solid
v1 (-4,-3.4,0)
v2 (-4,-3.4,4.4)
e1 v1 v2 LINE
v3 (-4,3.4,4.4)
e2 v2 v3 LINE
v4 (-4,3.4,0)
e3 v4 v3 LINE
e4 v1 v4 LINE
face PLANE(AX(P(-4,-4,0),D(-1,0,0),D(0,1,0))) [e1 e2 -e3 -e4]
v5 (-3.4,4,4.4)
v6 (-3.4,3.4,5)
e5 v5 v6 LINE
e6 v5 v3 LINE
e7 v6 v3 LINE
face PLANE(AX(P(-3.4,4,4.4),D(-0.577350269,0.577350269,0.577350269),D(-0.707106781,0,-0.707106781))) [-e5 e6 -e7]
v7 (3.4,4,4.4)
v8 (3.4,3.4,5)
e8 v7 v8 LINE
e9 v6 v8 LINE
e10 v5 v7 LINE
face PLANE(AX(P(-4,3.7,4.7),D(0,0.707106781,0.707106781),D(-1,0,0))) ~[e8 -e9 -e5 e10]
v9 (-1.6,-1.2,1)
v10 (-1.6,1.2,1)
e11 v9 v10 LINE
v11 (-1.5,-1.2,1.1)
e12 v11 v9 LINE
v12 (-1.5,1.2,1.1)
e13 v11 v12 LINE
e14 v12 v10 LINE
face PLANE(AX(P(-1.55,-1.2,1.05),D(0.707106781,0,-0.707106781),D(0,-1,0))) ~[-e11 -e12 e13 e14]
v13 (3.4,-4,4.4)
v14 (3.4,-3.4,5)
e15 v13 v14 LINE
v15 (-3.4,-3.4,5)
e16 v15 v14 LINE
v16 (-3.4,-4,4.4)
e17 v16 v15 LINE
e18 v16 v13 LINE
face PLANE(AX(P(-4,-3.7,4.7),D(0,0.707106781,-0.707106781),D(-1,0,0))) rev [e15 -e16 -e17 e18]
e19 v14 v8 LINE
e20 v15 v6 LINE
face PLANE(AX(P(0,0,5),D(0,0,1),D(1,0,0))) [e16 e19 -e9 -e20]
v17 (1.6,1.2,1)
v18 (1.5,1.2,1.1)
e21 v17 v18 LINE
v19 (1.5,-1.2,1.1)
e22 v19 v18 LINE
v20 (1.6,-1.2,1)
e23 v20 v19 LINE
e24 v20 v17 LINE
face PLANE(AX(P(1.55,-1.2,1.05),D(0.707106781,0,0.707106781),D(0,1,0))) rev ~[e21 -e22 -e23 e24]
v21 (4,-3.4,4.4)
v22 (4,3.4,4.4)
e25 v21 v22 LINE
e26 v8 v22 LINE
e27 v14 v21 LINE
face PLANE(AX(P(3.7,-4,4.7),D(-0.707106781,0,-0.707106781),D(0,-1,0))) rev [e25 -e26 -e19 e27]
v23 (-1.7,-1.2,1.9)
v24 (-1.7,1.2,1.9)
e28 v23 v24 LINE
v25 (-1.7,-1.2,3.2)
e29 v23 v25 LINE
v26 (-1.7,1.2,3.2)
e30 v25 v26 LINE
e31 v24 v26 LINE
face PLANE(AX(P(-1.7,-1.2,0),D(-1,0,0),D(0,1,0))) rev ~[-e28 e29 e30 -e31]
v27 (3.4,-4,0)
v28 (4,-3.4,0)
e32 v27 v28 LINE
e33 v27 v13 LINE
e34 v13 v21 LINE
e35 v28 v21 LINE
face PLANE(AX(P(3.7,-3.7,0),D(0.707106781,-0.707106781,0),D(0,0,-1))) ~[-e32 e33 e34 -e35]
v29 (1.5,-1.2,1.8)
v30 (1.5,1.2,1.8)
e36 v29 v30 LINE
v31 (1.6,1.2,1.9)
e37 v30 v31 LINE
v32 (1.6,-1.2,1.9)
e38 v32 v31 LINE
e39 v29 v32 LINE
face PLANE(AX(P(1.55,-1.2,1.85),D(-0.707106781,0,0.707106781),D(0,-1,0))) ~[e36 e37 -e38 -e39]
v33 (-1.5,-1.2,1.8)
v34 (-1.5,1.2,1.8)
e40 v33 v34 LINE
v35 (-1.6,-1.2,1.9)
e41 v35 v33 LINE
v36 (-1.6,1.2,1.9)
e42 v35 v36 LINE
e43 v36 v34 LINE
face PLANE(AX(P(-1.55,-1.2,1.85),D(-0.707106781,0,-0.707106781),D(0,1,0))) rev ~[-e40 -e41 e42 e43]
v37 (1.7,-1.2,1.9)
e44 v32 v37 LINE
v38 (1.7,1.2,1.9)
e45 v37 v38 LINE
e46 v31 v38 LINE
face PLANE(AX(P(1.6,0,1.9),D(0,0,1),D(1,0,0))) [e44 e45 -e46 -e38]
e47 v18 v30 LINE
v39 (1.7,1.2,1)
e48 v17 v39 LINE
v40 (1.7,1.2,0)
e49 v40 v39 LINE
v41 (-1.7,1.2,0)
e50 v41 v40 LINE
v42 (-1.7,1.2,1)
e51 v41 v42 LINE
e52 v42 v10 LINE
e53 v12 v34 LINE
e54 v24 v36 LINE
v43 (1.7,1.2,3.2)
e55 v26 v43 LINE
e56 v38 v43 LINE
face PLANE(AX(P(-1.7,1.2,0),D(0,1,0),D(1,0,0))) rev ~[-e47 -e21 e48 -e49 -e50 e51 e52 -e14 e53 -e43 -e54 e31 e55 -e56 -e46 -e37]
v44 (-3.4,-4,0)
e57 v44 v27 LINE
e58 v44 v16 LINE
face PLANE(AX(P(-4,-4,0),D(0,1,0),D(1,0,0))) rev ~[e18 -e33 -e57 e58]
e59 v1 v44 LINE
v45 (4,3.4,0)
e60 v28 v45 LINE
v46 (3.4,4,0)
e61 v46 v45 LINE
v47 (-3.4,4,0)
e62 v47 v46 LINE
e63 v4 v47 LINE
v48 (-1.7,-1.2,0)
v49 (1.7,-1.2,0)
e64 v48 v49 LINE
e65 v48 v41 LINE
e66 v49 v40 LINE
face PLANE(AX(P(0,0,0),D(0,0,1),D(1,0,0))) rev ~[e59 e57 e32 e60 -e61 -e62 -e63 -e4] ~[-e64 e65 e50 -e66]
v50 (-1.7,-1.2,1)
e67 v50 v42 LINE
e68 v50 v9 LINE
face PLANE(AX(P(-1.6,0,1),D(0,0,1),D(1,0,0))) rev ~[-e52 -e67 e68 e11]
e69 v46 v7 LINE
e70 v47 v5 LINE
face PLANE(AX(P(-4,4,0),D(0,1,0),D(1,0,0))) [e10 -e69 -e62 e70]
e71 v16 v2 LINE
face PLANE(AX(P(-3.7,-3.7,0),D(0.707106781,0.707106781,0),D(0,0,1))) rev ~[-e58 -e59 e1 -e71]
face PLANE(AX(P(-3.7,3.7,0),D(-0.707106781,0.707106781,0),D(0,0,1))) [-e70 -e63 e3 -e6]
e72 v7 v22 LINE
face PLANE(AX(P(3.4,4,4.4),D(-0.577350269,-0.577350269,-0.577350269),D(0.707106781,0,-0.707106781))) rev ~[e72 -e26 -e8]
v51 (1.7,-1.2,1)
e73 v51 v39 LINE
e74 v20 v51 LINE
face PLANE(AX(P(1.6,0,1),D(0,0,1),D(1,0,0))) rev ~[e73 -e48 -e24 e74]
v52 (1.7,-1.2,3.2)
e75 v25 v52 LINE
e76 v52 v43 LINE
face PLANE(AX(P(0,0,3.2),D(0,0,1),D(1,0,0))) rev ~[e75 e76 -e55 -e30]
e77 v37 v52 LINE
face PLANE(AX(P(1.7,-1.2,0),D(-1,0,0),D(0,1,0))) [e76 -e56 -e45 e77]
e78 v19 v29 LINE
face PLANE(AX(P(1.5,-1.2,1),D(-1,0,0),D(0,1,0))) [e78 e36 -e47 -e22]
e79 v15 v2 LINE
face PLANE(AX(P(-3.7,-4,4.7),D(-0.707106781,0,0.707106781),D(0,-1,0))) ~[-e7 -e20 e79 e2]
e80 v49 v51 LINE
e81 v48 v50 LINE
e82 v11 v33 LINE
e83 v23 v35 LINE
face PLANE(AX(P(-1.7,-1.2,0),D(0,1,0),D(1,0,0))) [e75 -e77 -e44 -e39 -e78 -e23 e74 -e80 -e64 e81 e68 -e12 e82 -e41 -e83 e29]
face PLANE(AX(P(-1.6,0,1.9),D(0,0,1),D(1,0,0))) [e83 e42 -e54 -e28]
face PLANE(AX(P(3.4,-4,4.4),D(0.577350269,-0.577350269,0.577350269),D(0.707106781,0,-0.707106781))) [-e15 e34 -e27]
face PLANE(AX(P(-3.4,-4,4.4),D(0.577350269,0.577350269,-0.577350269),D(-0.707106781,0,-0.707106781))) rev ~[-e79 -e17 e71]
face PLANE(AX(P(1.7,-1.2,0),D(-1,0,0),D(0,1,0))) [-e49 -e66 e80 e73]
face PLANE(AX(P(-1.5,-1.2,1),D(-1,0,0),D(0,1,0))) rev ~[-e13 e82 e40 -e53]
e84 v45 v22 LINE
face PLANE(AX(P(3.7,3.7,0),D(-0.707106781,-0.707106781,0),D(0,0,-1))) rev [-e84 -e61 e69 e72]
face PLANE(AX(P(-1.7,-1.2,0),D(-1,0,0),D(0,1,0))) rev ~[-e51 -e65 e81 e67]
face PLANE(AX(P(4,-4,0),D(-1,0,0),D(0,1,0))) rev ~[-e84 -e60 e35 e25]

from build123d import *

# Parameters (mm, degrees)
F0_W     = 8
F0_H     = 8
F1_DEPTH = 5
F2_W     = 3.4
F2_H     = 2.4
F3_DEPTH = 3.2
F5_W     = 0.2
F5_H     = 2.4
F6_DEPTH = 0.9
F7_SIZE  = 0.1
F8_SIZE  = 0.6


with BuildPart() as f1:
    # F0 (on Top) → F1 (new body)
    with BuildSketch(Plane.XY):
        Rectangle(F0_W, F0_H)
    extrude(amount=F1_DEPTH)

    # F2 (on Top) → F3 (cut)
    with BuildSketch(Plane.XY):
        Rectangle(F2_W, F2_H)
    extrude(amount=F3_DEPTH, mode=Mode.SUBTRACT)

    # F5 (on offset) → F6 (join)
    with BuildSketch(Plane.XY.offset(1)):
        with Locations((-1.6, 0)):
            Rectangle(F5_W, F5_H)
        with Locations((1.6, 0)):
            Rectangle(F5_W, F5_H)
    extrude(amount=F6_DEPTH)

    # F7
    f7_edges = [f1.edges().sort_by_distance(p)[0] for p in [
        (-1.5, 0, 1),
        (-1.5, 0, 1.9),
        (1.5, 0, 1),
        (1.5, 0, 1.9),
    ]]
    chamfer(f7_edges, length=F7_SIZE)

    # F8
    f8_edges = [f1.edges().sort_by_distance(p)[0] for p in [
        (4, 0, 5),
        (-4, 0, 5),
        (0, -4, 5),
        (0, 4, 5),
        (4, -4, 2.5),
        (4, 4, 2.5),
        (-4, -4, 2.5),
        (-4, 4, 2.5),
    ]]
    chamfer(f8_edges, length=F8_SIZE)


solid = f1.part
